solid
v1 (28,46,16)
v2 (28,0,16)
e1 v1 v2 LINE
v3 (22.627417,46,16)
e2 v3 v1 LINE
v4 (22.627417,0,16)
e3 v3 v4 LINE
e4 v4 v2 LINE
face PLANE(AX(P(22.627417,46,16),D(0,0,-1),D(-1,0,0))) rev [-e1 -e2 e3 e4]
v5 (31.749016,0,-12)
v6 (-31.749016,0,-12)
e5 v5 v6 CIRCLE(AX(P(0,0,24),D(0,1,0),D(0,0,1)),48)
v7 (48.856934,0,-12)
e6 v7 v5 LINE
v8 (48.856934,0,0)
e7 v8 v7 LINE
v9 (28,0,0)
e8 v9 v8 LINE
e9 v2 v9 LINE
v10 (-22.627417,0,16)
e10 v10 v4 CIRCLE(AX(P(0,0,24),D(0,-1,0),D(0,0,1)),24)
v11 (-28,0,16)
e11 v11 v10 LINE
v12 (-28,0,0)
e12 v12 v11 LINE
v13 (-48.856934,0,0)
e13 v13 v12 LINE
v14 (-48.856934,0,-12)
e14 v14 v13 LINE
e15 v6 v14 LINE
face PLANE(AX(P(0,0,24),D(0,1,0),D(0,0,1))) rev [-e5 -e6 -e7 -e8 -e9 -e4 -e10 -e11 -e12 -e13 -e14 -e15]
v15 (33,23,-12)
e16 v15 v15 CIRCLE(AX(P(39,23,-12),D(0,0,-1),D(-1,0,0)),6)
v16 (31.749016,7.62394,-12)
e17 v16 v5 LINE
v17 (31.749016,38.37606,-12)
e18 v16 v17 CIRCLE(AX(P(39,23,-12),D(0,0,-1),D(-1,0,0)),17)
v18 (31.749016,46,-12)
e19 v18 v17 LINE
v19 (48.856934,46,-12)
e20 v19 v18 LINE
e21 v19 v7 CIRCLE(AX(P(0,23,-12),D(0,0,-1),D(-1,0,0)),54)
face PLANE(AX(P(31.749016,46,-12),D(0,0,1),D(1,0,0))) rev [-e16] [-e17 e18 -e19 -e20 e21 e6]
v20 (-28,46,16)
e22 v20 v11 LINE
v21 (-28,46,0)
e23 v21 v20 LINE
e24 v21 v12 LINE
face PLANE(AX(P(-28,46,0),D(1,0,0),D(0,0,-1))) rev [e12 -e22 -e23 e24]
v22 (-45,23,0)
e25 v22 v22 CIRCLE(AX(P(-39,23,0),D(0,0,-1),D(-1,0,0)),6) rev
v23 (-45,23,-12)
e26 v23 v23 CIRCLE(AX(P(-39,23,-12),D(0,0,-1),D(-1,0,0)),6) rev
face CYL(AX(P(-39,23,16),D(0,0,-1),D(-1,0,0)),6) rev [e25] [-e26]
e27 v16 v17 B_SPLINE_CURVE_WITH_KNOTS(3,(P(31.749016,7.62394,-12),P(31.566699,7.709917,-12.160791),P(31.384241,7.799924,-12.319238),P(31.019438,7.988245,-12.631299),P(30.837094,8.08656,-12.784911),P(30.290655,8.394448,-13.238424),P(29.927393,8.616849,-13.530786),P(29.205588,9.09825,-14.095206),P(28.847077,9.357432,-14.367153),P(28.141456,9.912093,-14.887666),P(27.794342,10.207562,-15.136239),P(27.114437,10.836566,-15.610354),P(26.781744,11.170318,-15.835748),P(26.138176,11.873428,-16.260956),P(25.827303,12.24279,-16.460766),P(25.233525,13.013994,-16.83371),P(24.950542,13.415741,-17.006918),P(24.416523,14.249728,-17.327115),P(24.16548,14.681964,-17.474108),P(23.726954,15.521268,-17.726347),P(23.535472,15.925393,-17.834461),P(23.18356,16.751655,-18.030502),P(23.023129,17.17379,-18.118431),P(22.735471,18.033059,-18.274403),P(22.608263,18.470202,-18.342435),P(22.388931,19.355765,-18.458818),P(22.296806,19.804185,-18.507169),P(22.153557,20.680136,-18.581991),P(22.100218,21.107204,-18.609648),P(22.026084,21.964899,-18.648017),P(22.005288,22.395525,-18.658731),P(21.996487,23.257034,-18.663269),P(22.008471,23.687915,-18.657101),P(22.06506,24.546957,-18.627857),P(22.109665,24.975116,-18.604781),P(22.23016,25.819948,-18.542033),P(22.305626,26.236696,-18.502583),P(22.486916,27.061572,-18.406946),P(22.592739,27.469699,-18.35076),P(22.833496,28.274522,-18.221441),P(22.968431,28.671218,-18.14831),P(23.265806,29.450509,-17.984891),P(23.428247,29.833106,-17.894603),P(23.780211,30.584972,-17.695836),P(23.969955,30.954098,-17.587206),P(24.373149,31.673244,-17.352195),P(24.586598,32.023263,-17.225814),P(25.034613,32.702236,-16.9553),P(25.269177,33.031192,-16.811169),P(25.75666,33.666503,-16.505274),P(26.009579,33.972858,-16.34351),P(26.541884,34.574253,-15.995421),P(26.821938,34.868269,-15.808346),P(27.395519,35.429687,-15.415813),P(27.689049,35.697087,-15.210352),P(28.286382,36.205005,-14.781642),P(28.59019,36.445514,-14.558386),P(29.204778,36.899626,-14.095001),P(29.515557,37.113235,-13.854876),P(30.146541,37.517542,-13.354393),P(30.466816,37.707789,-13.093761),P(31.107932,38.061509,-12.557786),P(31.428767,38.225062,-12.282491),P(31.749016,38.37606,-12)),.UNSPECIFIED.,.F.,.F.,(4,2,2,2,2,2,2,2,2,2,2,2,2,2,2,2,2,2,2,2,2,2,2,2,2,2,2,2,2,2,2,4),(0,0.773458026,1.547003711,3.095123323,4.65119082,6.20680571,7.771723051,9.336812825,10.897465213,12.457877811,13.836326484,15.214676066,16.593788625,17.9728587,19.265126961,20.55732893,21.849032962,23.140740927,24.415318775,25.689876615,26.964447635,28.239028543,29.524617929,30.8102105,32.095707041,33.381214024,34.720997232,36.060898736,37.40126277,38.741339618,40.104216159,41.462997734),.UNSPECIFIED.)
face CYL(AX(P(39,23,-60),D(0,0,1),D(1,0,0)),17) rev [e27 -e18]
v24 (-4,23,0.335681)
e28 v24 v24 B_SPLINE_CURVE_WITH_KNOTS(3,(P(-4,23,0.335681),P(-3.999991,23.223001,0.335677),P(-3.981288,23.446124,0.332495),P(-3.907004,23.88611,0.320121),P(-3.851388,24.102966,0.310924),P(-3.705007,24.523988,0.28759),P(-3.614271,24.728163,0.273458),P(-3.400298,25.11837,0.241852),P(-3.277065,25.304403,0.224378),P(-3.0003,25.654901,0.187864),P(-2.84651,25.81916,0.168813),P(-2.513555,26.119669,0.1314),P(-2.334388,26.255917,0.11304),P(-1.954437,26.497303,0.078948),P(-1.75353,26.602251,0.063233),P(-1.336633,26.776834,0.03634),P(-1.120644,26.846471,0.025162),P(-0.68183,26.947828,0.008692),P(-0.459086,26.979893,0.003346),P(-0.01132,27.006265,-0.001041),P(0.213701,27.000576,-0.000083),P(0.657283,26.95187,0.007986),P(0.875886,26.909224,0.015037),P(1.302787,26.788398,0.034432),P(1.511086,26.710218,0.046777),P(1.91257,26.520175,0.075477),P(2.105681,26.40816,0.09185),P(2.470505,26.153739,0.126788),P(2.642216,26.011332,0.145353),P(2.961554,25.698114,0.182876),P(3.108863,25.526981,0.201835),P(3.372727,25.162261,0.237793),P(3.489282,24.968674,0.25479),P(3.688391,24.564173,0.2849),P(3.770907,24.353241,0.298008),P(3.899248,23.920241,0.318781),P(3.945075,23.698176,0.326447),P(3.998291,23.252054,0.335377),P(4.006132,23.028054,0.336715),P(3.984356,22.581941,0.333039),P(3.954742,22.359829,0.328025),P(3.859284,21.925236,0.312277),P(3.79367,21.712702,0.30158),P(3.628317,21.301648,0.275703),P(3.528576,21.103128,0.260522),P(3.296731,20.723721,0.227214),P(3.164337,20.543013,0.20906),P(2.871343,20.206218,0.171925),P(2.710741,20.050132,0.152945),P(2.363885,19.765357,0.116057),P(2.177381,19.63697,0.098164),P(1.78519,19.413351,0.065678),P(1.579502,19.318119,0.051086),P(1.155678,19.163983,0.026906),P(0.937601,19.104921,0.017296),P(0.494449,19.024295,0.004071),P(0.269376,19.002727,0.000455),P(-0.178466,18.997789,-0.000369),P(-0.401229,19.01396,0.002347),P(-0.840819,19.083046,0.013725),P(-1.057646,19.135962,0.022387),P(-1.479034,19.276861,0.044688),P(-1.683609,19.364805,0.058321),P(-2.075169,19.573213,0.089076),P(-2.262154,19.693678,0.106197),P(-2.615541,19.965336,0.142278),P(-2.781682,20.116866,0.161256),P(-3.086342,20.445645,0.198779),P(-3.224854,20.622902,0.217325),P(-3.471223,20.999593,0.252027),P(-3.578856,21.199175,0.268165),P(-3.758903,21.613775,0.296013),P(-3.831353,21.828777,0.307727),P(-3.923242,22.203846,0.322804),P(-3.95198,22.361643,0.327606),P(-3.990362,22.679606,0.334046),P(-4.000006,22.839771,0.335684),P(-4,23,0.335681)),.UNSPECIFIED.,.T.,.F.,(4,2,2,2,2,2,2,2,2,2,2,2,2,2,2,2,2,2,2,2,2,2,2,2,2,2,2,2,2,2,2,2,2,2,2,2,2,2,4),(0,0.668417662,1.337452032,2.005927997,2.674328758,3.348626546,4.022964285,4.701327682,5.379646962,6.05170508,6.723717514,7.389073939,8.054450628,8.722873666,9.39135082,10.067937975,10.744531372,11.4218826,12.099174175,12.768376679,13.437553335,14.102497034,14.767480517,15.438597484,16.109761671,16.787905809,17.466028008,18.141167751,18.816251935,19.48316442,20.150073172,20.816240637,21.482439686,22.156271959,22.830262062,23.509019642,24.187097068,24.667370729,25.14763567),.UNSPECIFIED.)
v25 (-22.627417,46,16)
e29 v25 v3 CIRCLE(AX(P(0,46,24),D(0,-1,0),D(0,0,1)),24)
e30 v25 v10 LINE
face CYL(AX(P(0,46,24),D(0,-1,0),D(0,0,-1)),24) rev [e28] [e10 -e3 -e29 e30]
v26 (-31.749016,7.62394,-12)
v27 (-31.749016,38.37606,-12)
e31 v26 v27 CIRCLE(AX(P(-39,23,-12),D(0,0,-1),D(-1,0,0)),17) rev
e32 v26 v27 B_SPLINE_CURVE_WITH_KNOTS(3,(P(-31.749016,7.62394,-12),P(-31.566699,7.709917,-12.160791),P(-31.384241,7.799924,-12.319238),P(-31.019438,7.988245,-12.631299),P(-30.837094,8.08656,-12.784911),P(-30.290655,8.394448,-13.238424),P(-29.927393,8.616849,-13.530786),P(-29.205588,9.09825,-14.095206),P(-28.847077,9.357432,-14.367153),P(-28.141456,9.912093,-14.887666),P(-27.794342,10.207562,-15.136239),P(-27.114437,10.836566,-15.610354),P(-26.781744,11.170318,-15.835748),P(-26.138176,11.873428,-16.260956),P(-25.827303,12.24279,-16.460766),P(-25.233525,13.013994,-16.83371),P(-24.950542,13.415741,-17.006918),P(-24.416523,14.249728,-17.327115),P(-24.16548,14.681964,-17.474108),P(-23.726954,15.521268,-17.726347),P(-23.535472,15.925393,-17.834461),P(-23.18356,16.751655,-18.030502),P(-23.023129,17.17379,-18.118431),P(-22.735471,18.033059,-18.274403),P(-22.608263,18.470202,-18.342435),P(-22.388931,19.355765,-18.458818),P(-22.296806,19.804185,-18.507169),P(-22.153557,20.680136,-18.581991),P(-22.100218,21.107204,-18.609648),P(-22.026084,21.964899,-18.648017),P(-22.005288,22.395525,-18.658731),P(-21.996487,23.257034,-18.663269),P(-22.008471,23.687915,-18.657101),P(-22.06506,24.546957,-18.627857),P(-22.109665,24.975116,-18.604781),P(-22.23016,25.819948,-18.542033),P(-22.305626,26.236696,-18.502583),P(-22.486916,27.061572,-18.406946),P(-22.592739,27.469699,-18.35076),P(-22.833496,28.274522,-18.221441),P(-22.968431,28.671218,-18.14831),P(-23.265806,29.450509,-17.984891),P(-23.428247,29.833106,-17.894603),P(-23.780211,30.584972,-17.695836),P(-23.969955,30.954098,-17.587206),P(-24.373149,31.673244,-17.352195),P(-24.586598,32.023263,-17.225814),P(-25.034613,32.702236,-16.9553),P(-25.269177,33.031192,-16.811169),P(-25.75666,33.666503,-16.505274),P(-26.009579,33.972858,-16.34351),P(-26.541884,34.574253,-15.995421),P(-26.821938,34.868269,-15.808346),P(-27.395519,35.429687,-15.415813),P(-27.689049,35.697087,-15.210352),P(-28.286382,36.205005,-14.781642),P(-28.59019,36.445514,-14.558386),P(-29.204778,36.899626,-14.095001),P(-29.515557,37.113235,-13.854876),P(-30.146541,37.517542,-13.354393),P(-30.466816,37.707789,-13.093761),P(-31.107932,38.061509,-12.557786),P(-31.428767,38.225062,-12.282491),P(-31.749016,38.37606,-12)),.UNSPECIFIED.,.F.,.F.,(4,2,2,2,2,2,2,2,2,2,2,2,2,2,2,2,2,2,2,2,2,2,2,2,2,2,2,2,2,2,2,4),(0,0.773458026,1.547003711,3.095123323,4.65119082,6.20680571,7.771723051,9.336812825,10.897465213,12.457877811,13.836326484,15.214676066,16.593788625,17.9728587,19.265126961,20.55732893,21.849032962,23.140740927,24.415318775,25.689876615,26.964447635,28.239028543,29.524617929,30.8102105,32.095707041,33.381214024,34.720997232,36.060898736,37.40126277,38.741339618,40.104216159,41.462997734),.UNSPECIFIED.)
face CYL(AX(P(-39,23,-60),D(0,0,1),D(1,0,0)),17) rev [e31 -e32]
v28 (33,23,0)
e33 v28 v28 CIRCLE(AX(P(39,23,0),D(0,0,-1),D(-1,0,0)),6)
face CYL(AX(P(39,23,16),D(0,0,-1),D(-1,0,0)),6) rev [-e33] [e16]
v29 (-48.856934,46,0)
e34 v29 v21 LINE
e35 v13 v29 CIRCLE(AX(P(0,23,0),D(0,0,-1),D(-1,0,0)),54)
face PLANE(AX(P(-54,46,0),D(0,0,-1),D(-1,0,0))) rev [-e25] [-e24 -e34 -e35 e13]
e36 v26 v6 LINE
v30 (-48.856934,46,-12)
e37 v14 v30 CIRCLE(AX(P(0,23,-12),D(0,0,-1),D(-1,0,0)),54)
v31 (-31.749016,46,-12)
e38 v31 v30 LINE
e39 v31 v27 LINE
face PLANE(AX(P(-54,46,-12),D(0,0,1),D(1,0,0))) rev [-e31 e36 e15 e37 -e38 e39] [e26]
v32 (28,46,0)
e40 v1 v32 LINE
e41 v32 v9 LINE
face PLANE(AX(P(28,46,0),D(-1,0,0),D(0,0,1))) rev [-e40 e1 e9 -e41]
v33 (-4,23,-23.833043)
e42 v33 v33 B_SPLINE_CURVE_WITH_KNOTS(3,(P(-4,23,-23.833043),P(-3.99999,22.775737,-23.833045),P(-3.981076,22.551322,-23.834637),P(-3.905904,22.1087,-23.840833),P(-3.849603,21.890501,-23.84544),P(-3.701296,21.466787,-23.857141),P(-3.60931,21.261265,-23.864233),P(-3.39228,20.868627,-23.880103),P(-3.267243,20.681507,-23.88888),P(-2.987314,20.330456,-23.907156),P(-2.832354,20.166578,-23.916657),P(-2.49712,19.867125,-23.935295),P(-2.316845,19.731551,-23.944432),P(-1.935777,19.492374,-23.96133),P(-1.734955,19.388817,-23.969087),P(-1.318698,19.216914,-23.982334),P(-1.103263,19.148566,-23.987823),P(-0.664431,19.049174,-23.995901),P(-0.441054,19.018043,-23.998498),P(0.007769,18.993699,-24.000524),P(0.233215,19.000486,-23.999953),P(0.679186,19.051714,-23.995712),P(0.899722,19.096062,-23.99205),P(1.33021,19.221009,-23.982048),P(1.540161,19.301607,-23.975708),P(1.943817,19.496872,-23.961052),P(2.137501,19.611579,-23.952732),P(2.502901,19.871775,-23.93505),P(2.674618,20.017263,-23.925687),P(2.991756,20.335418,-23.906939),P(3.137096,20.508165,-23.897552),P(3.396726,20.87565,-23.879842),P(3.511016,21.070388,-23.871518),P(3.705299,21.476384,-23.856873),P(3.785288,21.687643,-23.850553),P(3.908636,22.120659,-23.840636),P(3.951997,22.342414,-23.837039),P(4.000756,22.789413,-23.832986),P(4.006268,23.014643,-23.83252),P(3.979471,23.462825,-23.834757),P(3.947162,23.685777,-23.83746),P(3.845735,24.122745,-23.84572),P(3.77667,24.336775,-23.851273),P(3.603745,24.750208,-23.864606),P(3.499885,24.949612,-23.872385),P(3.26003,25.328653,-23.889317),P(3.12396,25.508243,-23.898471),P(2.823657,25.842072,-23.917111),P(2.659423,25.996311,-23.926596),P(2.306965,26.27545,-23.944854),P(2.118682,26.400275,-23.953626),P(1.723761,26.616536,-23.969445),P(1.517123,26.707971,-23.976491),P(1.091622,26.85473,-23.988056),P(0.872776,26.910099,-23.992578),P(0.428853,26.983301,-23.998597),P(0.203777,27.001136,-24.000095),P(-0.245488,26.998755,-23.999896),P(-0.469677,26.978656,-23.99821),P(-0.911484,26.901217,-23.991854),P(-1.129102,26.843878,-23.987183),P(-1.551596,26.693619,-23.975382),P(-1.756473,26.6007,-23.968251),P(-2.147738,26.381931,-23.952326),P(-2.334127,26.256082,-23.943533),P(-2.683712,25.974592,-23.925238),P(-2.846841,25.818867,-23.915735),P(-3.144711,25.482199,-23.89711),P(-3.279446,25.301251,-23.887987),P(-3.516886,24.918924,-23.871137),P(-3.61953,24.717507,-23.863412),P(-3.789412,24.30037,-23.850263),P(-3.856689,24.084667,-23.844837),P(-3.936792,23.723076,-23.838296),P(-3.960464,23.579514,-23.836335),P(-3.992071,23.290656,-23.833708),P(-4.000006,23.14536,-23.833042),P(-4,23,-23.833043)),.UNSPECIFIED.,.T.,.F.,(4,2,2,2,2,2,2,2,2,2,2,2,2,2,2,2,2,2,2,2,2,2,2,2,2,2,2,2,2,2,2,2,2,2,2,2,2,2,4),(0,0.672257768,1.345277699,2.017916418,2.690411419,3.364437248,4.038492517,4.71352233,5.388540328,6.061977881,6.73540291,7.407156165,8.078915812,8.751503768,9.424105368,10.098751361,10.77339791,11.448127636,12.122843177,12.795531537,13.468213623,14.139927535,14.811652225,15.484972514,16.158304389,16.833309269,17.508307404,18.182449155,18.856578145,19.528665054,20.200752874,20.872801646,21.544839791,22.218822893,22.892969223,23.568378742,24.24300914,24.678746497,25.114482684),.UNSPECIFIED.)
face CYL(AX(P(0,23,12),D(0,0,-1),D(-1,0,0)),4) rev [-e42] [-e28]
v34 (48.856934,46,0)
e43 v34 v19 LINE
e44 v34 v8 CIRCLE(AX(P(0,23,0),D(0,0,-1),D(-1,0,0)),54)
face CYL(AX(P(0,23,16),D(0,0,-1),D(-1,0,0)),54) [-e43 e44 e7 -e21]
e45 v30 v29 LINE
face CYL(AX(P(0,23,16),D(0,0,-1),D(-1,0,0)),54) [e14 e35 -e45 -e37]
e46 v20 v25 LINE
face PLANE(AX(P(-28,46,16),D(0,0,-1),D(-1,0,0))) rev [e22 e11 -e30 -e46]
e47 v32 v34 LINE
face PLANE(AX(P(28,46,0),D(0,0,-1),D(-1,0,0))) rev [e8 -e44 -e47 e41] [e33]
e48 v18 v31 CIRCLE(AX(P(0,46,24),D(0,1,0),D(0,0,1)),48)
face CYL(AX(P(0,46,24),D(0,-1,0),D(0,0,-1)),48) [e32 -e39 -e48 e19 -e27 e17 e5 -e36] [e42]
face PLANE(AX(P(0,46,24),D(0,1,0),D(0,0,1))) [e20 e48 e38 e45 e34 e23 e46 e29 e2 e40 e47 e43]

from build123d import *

# Parameters (mm, degrees)
BOSS_EXTRUDE1_DEPTH = 46
SKETCH2_R           = 6
CUT_EXTRUDE1_DEPTH  = 77.26270386
SKETCH3_R           = 4
CUT_EXTRUDE2_DEPTH  = 24
CUT_EXTRUDE4_START  = 48
SKETCH2_5_R         = 6
CUT_EXTRUDE4_DEPTH  = 48


with BuildPart() as part:
    # Sketch1 → Boss-Extrude1 (new body)
    with BuildSketch(Plane(origin=(0, 0, 0), x_dir=(1, 0, 0), z_dir=(0, 1, 0))):
        with BuildLine():
            Line((-54, 0), (-28, 0))
            Line((-28, 0), (-28, -16))
            Line((-28, -16), (-22.627416998, -16))
            ThreePointArc((-22.627416998, -16), (0, 0), (22.627416998, -16))
            Line((22.627416998, -16), (28, -16))
            Line((28, -16), (28, 0))
            Line((28, 0), (54, 0))
            Line((54, 0), (54, 12))
            Line((54, 12), (31.749015733, 12))
            ThreePointArc((31.749015733, 12), (0, 24), (-31.749015733, 12))
            Line((-31.749015733, 12), (-54, 12))
            Line((-54, 12), (-54, 0))
        make_face()
    extrude(amount=BOSS_EXTRUDE1_DEPTH)

    # Sketch2 → Cut-Extrude1 (cut, through all)
    with BuildSketch(Plane(origin=(0, 0, -12), x_dir=(-1, 0, 0), z_dir=(0, 0, -1))):
        with BuildLine():
            Line((-48.856934001, 46), (-54, 46))
            Line((-54, 46), (-54, 23))
            ThreePointArc((-54, 23), (-52.698550436, 34.784005345), (-48.856934001, 46))
        make_face()
        with BuildLine():
            ThreePointArc((-48.856934001, 0), (-52.698550436, 11.215994655), (-54, 23))
            Line((-54, 23), (-54, 0))
            Line((-54, 0), (-48.856934001, 0))
        make_face()
        with BuildLine():
            Line((54, 23), (54, 46))
            Line((54, 46), (48.856934001, 46))
            ThreePointArc((48.856934001, 46), (52.698550436, 34.784005345), (54, 23))
        make_face()
        with BuildLine():
            Line((54, 0), (54, 23))
            ThreePointArc((54, 23), (52.698550436, 11.215994655), (48.856934001, 0))
            Line((48.856934001, 0), (54, 0))
        make_face()
        with Locations((-39, 23)):
            Circle(SKETCH2_R)
        with Locations((39, 23)):
            Circle(SKETCH2_R)
    extrude(amount=-CUT_EXTRUDE1_DEPTH, mode=Mode.SUBTRACT)

    # Sketch3 → Cut-Extrude2 (cut, symmetric)
    with BuildSketch(Plane(origin=(0, 0, -12), x_dir=(-1, 0, 0), z_dir=(0, 0, -1))):
        with Locations((0, 23)):
            Circle(SKETCH3_R)
    extrude(amount=CUT_EXTRUDE2_DEPTH, both=True, mode=Mode.SUBTRACT)

    # Sketch2<5> → Cut-Extrude4 (cut)
    # profile 1 of 2: a face of its own
    with BuildSketch(Plane(origin=(0, 0, -12), x_dir=(-1, 0, 0), z_dir=(0, 0, -1)).offset(CUT_EXTRUDE4_START)):
        with BuildLine():
            Line((-39, 46), (-48.856934001, 46))
            ThreePointArc((-48.856934001, 46), (-54, 23), (-48.856934001, 0))
            Line((-48.856934001, 0), (-39, 0))
            Line((-39, 0), (-39, 6))
            ThreePointArc((-39, 6), (-22, 23), (-39, 40))
            Line((-39, 40), (-39, 46))
        make_face()
        with Locations((-39, 23)):
            Circle(SKETCH2_5_R, mode=Mode.SUBTRACT)
    # profile 2 of 2: a face of its own
    with BuildSketch(Plane(origin=(0, 0, -12), x_dir=(-1, 0, 0), z_dir=(0, 0, -1)).offset(CUT_EXTRUDE4_START)):
        with BuildLine():
            ThreePointArc((48.856934001, 0), (54, 23), (48.856934001, 46))
            Line((48.856934001, 46), (39, 46))
            Line((39, 46), (39, 40))
            ThreePointArc((39, 40), (22, 23), (39, 6))
            Line((39, 6), (39, 0))
            Line((39, 0), (48.856934001, 0))
        make_face()
        with Locations((39, 23)):
            Circle(SKETCH2_5_R, mode=Mode.SUBTRACT)
    extrude(amount=-CUT_EXTRUDE4_DEPTH, mode=Mode.SUBTRACT)


solid = part.part
